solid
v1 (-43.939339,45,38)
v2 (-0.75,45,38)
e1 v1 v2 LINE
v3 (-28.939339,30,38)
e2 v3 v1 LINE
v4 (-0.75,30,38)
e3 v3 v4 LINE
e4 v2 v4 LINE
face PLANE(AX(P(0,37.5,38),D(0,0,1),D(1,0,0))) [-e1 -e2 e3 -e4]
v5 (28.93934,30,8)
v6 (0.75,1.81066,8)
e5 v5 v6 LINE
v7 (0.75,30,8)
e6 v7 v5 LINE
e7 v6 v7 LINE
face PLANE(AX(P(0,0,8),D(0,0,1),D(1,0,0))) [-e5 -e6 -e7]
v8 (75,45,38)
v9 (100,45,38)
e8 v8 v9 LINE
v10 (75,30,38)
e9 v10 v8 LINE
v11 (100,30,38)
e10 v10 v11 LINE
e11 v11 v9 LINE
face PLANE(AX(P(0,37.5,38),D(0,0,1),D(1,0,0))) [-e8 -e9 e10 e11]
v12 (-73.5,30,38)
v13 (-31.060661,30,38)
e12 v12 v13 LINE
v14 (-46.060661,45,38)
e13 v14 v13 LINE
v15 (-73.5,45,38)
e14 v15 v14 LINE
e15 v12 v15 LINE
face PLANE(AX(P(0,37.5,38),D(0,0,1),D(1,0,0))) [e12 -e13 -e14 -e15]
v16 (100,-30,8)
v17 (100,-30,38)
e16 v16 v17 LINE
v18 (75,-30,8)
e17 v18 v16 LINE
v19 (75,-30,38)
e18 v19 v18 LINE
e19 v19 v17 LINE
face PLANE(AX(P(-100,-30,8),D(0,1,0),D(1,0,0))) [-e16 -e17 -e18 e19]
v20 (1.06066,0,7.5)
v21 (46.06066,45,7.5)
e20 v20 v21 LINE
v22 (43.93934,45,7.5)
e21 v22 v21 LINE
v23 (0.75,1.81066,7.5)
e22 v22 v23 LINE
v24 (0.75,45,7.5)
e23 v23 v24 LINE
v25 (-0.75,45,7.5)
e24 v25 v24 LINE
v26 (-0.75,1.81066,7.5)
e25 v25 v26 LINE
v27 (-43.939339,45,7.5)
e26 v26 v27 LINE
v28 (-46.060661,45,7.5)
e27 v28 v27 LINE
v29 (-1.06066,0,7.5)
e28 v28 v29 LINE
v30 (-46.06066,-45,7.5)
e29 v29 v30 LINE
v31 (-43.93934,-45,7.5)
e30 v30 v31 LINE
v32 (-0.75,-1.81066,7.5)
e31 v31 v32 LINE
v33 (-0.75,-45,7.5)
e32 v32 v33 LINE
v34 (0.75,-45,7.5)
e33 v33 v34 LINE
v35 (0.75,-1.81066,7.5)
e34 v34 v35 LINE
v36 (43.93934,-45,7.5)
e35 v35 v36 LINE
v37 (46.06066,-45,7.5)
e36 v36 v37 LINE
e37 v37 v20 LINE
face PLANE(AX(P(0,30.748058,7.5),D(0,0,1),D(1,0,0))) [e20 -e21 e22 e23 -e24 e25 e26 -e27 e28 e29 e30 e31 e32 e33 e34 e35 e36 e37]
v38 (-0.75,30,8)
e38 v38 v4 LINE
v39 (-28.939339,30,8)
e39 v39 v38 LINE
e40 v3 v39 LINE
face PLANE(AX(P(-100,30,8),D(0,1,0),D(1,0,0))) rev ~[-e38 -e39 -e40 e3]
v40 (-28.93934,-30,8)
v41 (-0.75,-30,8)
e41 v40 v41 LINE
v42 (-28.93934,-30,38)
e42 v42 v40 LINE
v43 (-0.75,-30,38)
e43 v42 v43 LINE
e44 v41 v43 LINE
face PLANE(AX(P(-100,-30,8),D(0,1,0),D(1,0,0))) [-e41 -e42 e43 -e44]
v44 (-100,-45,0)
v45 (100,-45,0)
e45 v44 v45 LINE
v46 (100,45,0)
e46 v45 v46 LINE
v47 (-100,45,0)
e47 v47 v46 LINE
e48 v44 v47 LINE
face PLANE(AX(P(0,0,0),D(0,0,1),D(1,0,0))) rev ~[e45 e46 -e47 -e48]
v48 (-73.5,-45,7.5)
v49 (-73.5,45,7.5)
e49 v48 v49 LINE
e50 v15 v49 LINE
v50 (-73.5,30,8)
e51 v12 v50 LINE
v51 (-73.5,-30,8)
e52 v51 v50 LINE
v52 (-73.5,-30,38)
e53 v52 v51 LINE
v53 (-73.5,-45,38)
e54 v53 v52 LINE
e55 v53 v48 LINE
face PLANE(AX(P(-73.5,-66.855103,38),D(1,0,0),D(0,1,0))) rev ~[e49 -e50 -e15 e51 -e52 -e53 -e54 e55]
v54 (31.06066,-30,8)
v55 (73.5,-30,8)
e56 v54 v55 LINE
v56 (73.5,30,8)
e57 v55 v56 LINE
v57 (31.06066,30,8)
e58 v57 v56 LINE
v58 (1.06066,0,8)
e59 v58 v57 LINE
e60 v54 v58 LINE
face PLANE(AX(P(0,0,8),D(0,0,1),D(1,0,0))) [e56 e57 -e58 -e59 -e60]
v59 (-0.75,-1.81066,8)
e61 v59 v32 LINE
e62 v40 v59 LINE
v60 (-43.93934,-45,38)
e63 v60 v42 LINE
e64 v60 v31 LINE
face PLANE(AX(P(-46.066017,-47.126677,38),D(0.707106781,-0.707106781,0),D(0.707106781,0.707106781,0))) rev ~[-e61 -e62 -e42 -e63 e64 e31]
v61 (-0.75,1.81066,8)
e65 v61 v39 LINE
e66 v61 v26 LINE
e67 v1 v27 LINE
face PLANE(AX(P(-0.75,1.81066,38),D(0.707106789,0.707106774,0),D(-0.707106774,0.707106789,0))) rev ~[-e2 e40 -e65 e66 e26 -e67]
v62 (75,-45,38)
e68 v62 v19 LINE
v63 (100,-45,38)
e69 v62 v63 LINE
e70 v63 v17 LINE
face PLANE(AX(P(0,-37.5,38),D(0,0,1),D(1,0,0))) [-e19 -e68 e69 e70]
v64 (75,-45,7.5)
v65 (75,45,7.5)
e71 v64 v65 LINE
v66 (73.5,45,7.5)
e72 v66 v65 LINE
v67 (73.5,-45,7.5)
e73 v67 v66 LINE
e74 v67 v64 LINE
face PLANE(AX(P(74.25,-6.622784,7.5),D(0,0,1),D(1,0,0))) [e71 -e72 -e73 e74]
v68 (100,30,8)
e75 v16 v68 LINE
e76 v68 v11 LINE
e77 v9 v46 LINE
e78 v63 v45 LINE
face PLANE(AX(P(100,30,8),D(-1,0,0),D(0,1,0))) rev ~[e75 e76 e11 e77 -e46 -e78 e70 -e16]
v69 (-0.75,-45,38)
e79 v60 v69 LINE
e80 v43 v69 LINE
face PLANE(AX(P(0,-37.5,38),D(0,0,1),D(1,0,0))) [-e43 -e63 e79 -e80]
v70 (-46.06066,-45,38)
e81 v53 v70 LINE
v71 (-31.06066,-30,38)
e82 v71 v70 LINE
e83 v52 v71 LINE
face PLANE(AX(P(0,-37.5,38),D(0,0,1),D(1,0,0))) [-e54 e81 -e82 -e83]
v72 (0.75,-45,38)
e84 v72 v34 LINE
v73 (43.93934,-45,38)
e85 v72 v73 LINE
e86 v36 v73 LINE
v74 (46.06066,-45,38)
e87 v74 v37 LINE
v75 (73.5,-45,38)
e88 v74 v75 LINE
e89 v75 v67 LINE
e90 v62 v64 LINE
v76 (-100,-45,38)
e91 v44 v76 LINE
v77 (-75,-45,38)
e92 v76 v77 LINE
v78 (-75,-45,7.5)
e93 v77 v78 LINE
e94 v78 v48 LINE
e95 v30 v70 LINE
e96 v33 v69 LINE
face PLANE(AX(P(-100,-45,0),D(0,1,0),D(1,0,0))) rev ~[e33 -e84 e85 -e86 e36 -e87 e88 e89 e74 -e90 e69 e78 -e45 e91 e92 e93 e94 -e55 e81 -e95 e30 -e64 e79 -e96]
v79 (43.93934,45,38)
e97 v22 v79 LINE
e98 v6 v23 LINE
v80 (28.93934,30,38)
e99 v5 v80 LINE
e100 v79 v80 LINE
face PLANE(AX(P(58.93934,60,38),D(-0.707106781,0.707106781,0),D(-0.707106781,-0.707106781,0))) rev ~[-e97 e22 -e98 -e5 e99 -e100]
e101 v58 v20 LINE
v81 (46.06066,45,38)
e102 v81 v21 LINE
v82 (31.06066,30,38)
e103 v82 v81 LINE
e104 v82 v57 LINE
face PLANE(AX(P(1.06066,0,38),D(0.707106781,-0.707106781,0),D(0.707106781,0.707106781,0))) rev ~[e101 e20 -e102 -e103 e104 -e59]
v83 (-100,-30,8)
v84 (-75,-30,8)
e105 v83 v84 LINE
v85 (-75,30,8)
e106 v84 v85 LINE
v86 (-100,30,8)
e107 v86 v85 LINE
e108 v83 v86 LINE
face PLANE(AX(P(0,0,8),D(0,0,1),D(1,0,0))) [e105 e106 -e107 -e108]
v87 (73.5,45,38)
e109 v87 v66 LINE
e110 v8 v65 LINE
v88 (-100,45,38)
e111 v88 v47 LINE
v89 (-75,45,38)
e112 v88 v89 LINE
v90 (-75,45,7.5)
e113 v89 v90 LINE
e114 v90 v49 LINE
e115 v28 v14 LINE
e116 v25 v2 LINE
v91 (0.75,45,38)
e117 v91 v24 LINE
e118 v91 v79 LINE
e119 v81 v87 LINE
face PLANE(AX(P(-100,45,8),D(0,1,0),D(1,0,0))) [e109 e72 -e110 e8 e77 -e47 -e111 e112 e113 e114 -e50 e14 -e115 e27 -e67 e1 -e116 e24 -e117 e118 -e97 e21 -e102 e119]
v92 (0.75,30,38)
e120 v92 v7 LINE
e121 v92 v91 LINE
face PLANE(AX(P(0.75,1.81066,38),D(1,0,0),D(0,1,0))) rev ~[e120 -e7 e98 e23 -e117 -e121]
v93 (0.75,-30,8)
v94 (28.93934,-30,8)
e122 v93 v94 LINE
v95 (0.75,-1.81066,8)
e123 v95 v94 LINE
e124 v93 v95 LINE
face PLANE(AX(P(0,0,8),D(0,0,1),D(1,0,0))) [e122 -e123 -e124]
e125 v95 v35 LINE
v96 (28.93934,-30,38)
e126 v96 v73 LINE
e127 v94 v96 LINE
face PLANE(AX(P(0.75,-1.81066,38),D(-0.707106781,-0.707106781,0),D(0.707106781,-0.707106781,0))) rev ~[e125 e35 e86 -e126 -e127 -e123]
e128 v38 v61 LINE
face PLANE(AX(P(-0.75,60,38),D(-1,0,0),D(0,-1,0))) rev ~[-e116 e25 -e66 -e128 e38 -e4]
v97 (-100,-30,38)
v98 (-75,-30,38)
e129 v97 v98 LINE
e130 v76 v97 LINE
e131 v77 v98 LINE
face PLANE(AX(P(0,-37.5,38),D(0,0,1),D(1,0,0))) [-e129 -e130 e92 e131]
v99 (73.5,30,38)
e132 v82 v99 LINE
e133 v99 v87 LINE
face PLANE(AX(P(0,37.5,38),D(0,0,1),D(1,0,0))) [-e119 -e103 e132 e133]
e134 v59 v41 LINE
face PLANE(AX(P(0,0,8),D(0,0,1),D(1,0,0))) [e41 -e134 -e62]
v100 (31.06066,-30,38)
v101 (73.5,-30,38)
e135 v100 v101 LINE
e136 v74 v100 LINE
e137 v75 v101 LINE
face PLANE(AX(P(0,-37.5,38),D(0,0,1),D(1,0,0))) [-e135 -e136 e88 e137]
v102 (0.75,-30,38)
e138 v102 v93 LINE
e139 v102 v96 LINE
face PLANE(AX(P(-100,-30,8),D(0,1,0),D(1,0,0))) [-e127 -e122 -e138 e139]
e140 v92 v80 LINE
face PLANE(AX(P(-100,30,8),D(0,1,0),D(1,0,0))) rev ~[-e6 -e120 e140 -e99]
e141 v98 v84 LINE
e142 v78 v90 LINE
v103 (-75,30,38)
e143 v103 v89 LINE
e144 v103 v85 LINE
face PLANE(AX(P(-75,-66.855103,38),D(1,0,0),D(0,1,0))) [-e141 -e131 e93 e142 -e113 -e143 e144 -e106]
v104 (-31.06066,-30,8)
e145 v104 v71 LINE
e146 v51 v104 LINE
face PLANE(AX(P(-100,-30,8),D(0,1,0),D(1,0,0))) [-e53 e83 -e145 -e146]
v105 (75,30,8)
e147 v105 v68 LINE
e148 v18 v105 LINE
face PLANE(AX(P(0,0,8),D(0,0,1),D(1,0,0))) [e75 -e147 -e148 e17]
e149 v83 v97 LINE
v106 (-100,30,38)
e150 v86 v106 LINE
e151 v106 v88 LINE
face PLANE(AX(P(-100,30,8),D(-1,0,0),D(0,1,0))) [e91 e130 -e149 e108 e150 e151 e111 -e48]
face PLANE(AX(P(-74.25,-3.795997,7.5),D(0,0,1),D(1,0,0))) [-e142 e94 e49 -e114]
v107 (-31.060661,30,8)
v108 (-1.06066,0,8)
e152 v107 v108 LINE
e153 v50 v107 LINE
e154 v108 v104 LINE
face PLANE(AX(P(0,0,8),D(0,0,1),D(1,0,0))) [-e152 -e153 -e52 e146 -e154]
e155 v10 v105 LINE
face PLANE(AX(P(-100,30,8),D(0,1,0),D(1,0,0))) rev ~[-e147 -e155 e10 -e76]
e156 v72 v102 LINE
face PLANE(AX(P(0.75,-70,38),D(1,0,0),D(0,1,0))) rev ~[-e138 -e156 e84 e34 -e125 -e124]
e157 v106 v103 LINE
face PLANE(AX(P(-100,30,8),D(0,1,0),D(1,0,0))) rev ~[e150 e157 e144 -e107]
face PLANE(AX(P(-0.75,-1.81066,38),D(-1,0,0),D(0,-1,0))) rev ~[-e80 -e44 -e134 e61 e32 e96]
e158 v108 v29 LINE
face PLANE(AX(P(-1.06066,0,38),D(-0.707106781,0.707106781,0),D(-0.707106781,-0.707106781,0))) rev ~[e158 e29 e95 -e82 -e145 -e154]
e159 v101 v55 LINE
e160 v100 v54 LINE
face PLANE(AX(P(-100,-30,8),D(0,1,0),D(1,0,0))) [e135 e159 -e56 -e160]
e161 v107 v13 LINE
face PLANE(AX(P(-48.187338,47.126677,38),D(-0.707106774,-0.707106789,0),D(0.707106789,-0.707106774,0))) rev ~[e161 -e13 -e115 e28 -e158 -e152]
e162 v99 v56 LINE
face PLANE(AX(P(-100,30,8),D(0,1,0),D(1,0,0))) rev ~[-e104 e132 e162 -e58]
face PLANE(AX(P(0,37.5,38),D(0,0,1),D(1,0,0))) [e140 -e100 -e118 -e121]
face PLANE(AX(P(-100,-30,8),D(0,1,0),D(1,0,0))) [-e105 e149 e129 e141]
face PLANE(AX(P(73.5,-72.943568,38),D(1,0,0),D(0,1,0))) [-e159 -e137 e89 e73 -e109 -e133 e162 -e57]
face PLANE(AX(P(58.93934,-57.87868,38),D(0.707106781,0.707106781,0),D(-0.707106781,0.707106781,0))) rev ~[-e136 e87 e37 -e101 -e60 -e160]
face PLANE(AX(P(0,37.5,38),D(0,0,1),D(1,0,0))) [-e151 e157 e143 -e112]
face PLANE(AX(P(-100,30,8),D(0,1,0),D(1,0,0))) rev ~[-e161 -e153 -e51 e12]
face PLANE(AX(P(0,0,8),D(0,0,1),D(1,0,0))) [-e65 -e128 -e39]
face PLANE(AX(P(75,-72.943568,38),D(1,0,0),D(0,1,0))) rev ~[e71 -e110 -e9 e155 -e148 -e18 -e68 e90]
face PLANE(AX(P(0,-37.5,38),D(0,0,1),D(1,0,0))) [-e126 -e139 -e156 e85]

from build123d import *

# Parameters (mm, degrees)
F0_W     = 200
F0_H     = 90
F1_DEPTH = 8
F2_W     = 200
F2_H     = 15
F3_DEPTH = 30
F4_W     = 1.5
F4_H     = 126.118213
F4_H_2   = 132.641569
F5_DEPTH = 30.5


with BuildPart() as f1:
    # F0 (on Top) → F1 (new body)
    with BuildSketch(Plane.XY):
        Rectangle(F0_W, F0_H)
    extrude(amount=F1_DEPTH)

    # F2 (on face) → F3 (join)
    with BuildSketch(Plane.XY.offset(8)):
        with Locations((0, 37.5)):
            Rectangle(F2_W, F2_H)
        with Locations((0, -37.5)):
            Rectangle(F2_W, F2_H)
    extrude(amount=F3_DEPTH)

    # F4 (on face) → F5 (cut)
    with BuildSketch(Plane.XY.offset(38)):
        Polygon((0.75, 60), (-0.75, 60), (-0.75, 1.81066), (0, 1.06066), (0.75, 1.81066), align=None)
        Polygon((0, 1.06066), (-0.75, 1.81066), (-47.126677, 48.187338), (-48.187338, 47.126677), (-1.06066, 0), (-47.126677, -46.066017), (-46.066017, -47.126677), (-0.75, -1.81066), (0, -1.06066), (0.75, -1.81066), (57.87868, -58.93934), (58.93934, -57.87868), (1.06066, 0), (60, 58.93934), (58.93934, 60), (0.75, 1.81066), align=None)
        Polygon((0, -1.06066), (-0.75, -1.81066), (-0.75, -70), (0.75, -70), (0.75, -1.81066), align=None)
        with Locations((-74.25, -3.795997)):
            Rectangle(F4_W, F4_H)
        with Locations((74.25, -6.622784)):
            Rectangle(F4_W, F4_H_2)
    extrude(amount=-F5_DEPTH, mode=Mode.SUBTRACT)


solid = f1.part
